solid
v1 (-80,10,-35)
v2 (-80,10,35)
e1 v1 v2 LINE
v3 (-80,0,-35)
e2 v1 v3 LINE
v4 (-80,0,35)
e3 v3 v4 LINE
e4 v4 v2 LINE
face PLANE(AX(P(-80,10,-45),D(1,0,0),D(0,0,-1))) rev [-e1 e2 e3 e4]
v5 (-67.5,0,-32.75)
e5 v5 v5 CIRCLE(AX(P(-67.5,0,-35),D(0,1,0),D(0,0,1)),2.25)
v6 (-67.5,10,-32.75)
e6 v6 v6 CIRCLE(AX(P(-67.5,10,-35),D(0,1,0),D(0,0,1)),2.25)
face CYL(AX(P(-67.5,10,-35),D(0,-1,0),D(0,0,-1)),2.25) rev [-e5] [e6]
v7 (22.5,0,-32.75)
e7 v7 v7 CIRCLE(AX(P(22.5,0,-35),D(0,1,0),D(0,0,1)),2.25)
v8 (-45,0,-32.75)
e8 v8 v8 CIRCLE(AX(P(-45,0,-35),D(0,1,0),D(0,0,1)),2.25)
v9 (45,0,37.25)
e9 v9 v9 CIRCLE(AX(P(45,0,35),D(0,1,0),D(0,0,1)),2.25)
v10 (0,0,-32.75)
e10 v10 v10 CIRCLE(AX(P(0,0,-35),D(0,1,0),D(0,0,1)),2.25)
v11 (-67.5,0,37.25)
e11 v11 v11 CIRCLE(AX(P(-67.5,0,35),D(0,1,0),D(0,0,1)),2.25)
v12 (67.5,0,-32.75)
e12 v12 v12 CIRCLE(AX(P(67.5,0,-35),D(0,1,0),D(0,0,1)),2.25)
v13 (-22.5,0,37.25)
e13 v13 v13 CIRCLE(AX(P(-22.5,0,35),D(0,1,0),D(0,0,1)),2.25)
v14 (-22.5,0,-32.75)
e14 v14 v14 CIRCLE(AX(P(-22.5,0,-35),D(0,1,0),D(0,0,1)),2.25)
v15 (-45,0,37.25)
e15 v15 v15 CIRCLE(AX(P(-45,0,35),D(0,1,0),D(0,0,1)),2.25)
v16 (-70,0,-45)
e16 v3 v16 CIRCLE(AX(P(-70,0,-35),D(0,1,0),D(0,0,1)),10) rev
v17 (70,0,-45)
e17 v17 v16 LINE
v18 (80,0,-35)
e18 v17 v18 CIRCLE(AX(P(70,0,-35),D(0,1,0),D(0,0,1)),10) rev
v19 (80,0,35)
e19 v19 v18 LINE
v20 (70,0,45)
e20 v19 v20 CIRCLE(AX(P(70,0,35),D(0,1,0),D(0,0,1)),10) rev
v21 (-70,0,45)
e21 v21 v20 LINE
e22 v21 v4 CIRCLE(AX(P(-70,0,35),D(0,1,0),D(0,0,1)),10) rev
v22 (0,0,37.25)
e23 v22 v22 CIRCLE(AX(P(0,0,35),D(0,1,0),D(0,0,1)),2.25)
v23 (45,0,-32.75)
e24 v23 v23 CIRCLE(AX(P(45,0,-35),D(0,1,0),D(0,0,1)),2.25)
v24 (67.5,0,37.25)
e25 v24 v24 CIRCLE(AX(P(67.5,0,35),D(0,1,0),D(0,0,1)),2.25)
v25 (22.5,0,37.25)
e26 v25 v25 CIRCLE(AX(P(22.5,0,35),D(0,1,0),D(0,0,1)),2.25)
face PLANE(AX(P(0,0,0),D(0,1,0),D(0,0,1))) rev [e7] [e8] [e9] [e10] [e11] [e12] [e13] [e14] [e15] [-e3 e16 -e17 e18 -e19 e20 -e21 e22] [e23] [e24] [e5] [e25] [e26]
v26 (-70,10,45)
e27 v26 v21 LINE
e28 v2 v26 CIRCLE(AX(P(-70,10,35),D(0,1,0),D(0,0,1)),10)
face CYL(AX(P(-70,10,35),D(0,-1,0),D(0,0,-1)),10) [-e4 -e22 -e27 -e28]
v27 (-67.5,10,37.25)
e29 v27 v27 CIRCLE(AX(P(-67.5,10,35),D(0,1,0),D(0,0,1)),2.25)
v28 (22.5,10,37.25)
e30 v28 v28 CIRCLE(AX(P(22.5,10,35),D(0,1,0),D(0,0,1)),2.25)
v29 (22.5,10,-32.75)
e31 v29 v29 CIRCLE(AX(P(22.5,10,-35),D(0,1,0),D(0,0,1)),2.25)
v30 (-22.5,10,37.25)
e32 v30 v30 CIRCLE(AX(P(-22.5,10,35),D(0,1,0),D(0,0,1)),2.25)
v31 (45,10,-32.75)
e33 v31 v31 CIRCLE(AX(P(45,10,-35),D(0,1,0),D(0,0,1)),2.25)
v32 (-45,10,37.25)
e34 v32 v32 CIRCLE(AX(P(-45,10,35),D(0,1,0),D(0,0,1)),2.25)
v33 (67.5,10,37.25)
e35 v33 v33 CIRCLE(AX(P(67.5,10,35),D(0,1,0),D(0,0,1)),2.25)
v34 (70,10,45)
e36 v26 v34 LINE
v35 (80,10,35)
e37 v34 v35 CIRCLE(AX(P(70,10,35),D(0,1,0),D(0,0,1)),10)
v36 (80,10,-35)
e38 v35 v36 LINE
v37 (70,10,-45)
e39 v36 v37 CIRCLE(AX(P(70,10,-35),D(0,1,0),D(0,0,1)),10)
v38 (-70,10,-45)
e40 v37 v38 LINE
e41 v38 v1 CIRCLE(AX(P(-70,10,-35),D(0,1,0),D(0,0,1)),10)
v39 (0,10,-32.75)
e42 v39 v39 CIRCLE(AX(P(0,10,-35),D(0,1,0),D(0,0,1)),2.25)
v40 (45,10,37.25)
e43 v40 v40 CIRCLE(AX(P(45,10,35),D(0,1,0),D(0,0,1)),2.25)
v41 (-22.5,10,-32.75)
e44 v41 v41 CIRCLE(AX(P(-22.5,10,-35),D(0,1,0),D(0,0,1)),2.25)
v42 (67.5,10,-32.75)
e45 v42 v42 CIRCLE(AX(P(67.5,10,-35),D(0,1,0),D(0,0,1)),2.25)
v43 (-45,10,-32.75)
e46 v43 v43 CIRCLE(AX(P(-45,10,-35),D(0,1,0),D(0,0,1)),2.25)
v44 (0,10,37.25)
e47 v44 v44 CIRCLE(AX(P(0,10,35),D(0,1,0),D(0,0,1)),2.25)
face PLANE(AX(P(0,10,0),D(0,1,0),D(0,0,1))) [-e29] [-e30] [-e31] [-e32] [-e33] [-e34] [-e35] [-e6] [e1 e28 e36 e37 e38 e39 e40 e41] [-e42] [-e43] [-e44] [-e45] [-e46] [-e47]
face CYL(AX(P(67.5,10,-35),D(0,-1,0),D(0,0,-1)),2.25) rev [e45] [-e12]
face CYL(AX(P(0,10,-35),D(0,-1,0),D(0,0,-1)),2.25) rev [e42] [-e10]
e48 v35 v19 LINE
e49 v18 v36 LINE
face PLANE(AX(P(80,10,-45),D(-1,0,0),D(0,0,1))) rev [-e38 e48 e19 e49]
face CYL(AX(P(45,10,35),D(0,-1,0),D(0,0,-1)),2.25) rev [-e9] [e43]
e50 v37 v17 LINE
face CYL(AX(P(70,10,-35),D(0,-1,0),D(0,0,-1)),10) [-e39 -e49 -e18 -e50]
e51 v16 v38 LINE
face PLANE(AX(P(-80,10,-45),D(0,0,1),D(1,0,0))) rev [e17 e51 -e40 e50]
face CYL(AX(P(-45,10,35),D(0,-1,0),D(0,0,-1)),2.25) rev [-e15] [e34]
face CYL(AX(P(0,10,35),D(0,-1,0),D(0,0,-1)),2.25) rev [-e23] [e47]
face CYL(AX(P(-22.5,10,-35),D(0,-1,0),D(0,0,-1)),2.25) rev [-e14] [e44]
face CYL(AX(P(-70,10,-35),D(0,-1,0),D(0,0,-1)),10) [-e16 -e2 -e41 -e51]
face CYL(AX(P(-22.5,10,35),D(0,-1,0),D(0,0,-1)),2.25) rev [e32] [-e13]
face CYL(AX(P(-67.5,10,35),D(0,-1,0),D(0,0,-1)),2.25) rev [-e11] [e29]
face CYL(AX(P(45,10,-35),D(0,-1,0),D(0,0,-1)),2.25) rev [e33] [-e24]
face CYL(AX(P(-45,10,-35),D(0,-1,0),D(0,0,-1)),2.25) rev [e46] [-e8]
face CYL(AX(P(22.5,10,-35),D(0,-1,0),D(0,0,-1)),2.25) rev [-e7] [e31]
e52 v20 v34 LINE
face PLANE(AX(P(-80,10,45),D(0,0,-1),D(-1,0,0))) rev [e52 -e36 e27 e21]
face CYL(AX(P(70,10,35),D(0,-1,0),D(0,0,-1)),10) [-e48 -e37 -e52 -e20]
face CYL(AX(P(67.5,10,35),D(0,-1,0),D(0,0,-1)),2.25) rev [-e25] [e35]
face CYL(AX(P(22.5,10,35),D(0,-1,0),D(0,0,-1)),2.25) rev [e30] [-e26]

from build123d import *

# Parameters (mm, degrees)
SKETCH1_W           = 160
SKETCH1_H           = 90
SKETCH1_R           = 2.25
BOSS_EXTRUDE1_DEPTH = 10
FILLET1_R           = 10


with BuildPart() as part:
    # Sketch1 → Boss-Extrude1 (new body)
    with BuildSketch(Plane(origin=(0, 0, 0), x_dir=(1, 0, 0), z_dir=(0, 1, 0))):
        Rectangle(SKETCH1_W, SKETCH1_H)
        with Locations(Location((-67.5, 35, 0), (0, 0, 270))):
            Circle(SKETCH1_R, mode=Mode.SUBTRACT)
        with Locations(Location((-22.5, 35, 0), (0, 0, 270))):
            Circle(SKETCH1_R, mode=Mode.SUBTRACT)
        with Locations(Location((22.5, 35, 0), (0, 0, 270))):
            Circle(SKETCH1_R, mode=Mode.SUBTRACT)
        with Locations(Location((67.5, 35, 0), (0, 0, 270))):
            Circle(SKETCH1_R, mode=Mode.SUBTRACT)
        with Locations(Location((67.5, -35, 0), (0, 0, 270))):
            Circle(SKETCH1_R, mode=Mode.SUBTRACT)
        with Locations(Location((22.5, -35, 0), (0, 0, 270))):
            Circle(SKETCH1_R, mode=Mode.SUBTRACT)
        with Locations(Location((-22.5, -35, 0), (0, 0, 270))):
            Circle(SKETCH1_R, mode=Mode.SUBTRACT)
        with Locations(Location((-67.5, -35, 0), (0, 0, 270))):
            Circle(SKETCH1_R, mode=Mode.SUBTRACT)
        with Locations(Location((-45, 35, 0), (0, 0, 270))):
            Circle(SKETCH1_R, mode=Mode.SUBTRACT)
        with Locations(Location((45, 35, 0), (0, 0, 270))):
            Circle(SKETCH1_R, mode=Mode.SUBTRACT)
        with Locations(Location((0, 35, 0), (0, 0, 270))):
            Circle(SKETCH1_R, mode=Mode.SUBTRACT)
        with Locations(Location((-45, -35, 0), (0, 0, 270))):
            Circle(SKETCH1_R, mode=Mode.SUBTRACT)
        with Locations(Location((0, -35, 0), (0, 0, 270))):
            Circle(SKETCH1_R, mode=Mode.SUBTRACT)
        with Locations(Location((45, -35, 0), (0, 0, 270))):
            Circle(SKETCH1_R, mode=Mode.SUBTRACT)
    extrude(amount=BOSS_EXTRUDE1_DEPTH)

    # Fillet1
    fillet1_edges = [part.edges().sort_by_distance(p)[0] for p in [
        (-80, 5, -45),
        (80, 5, -45),
        (80, 5, 45),
        (-80, 5, 45),
    ]]
    fillet(fillet1_edges, radius=FILLET1_R)


solid = part.part
